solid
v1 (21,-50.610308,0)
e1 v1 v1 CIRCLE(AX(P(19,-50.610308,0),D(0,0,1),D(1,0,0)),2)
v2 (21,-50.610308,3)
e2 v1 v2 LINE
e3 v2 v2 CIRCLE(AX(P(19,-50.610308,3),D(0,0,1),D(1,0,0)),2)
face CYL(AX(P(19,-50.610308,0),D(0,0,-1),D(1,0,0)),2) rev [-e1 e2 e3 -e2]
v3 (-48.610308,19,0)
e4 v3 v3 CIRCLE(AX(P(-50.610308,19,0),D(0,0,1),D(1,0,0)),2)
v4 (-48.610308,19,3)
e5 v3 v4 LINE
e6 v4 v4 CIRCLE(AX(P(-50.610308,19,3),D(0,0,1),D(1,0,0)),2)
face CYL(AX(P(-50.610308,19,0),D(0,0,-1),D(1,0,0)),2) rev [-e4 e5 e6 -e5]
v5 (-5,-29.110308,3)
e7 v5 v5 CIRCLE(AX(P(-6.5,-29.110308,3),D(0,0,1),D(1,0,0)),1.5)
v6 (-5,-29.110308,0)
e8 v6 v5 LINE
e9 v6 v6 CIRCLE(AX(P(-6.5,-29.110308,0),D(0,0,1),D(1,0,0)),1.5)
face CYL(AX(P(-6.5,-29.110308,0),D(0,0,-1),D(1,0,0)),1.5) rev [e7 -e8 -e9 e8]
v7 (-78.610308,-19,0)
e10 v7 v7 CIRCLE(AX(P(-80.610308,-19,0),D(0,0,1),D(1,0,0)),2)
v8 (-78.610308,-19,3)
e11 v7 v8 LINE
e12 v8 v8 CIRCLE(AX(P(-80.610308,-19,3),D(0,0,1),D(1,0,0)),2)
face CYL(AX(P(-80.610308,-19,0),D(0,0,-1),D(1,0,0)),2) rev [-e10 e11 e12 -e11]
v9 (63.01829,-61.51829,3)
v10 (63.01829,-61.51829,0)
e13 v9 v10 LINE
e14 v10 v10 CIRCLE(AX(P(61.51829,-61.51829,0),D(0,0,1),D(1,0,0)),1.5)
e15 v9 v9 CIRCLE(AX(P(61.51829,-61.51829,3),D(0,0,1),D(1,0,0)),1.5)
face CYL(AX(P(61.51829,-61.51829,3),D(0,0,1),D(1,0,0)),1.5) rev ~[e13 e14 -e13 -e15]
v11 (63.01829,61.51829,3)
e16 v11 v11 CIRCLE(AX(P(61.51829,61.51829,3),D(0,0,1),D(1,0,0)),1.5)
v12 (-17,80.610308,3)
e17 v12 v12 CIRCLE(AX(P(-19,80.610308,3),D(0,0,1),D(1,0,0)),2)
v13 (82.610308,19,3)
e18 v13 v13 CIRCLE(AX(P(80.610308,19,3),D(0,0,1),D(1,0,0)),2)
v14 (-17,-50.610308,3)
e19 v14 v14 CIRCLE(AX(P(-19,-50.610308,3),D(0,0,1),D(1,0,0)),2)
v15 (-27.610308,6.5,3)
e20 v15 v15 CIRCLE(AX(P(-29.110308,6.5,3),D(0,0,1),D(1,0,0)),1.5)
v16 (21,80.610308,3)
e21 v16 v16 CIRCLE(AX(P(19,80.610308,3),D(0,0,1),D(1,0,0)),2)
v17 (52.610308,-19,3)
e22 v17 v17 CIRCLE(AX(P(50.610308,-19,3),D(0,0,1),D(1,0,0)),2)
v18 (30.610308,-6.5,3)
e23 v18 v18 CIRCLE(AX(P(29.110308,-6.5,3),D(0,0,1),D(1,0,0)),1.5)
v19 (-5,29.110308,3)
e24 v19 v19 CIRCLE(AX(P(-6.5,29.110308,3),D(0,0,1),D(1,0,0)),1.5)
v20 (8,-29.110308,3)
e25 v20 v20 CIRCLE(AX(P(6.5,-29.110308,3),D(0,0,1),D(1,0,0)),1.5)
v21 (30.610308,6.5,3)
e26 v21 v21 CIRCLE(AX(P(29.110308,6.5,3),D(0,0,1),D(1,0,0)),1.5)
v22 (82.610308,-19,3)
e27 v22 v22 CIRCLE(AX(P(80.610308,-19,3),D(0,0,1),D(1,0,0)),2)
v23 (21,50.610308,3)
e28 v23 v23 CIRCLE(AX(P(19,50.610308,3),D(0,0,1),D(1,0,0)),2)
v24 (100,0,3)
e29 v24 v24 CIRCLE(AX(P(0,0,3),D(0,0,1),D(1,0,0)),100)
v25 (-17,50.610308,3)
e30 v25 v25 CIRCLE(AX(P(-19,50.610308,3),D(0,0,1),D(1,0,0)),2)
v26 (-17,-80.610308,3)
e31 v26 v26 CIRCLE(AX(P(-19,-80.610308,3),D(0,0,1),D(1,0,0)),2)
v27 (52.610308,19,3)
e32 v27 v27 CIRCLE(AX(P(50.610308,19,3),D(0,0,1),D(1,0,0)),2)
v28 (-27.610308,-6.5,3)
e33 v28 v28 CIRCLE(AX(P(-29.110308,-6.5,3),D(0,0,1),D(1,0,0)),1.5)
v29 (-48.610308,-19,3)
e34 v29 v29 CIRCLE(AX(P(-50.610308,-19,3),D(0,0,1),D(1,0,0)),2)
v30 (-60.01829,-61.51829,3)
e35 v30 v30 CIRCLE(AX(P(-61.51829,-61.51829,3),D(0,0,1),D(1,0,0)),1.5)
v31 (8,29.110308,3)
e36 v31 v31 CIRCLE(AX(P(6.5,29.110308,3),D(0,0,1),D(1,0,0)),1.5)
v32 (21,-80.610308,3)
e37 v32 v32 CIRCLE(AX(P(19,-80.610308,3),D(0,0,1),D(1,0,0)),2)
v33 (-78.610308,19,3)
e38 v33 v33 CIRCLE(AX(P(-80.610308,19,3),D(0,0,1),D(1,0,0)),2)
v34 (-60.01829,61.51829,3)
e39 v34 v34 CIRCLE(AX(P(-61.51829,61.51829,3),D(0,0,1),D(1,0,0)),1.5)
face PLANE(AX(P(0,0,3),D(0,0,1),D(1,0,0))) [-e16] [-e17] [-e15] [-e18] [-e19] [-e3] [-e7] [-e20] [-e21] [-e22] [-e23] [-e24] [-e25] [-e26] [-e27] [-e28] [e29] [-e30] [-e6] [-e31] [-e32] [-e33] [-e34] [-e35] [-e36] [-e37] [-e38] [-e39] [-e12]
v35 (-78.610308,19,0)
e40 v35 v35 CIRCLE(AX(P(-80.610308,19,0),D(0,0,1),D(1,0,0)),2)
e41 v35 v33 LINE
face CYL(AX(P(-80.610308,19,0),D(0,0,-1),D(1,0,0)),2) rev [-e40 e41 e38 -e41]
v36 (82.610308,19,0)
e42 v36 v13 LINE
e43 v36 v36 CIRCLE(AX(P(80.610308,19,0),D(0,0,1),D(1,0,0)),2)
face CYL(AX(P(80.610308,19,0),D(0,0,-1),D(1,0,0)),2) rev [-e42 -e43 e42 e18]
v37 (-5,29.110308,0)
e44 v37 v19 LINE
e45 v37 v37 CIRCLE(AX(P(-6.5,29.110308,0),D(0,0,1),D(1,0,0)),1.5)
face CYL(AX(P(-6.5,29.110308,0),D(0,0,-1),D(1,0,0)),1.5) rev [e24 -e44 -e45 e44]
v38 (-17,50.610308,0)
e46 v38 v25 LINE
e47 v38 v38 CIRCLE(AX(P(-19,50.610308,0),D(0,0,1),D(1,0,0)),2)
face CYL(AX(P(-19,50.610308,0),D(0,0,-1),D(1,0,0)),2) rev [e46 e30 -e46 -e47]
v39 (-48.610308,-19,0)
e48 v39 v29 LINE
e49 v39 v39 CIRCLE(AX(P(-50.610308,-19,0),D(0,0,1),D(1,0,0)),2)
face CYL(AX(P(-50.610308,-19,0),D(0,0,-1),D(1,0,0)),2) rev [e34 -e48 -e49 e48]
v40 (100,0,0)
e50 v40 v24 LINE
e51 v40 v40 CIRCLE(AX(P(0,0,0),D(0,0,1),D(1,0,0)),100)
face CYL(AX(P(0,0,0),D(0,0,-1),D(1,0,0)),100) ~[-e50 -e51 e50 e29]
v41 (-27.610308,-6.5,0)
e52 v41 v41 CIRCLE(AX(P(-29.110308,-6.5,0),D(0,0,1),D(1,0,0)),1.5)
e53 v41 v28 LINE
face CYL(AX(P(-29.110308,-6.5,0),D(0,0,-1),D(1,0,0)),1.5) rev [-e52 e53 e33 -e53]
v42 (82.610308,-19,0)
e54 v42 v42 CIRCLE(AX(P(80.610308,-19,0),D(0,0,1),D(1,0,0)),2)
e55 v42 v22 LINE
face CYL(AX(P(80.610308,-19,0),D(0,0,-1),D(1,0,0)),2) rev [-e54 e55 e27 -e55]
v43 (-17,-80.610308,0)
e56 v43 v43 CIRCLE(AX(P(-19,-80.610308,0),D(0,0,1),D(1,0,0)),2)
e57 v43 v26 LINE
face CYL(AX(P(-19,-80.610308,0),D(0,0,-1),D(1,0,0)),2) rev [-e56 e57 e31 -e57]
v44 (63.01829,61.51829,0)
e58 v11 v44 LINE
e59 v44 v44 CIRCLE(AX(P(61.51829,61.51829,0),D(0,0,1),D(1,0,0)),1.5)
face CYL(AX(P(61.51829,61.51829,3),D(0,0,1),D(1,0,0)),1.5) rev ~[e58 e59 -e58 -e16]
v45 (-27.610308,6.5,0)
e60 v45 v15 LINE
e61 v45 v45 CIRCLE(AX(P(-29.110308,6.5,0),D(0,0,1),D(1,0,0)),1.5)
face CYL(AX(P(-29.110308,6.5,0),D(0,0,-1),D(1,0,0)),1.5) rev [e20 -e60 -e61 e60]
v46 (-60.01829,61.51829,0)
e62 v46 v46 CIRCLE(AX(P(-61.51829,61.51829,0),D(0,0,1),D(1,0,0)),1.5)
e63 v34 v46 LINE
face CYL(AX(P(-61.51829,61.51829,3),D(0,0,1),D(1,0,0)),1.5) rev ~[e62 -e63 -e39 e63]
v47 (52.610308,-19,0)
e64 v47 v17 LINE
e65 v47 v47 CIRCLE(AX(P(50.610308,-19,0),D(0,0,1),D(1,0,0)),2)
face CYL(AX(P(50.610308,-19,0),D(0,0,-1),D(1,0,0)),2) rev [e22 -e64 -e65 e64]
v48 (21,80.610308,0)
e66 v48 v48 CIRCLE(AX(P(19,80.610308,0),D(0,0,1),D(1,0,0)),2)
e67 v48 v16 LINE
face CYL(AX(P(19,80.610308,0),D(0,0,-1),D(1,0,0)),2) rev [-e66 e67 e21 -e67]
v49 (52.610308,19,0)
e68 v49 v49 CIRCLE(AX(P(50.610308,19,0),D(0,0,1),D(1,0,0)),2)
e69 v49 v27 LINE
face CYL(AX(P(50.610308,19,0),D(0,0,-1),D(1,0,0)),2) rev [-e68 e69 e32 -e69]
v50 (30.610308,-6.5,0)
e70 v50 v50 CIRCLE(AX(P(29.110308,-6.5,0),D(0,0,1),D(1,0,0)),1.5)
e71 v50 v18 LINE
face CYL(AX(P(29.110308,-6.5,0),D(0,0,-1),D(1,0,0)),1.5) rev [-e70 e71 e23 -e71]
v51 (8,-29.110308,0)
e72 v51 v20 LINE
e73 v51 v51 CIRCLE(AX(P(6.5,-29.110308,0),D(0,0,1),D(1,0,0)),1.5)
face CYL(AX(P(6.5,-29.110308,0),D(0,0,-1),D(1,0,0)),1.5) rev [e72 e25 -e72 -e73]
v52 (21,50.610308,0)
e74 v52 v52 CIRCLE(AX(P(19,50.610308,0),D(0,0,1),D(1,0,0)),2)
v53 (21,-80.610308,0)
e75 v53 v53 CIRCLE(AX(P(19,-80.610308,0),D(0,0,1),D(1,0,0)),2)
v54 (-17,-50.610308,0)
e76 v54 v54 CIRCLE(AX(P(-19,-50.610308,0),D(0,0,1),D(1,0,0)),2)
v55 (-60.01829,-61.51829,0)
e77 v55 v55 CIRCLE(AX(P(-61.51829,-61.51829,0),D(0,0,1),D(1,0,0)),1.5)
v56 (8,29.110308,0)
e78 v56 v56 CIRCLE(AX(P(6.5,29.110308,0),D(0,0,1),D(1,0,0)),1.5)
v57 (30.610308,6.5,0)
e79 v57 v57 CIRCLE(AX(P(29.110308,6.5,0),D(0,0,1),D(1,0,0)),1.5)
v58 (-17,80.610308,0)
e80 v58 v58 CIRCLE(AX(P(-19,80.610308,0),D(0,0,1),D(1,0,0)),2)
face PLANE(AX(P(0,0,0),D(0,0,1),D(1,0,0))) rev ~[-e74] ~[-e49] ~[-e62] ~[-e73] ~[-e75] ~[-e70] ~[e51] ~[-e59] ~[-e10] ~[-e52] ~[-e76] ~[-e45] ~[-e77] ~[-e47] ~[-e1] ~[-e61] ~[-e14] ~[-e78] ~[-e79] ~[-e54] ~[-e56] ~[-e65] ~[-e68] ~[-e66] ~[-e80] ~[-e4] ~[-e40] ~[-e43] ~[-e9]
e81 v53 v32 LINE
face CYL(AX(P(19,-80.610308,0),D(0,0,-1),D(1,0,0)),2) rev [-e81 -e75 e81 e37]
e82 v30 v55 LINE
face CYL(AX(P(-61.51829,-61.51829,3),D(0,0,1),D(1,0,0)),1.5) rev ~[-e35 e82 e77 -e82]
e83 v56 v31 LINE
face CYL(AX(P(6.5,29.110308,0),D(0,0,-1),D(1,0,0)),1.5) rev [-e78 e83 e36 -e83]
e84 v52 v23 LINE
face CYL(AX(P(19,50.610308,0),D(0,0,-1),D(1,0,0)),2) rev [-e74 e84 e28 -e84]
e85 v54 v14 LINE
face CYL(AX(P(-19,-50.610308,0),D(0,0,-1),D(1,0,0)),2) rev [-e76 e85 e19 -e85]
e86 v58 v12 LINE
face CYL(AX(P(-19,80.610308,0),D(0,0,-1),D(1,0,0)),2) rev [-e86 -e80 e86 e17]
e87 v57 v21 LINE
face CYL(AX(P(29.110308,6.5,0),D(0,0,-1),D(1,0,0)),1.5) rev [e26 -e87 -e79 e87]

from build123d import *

# Parameters (mm, degrees)
CROQUIS1_R              = 100
CROQUIS1_R_2            = 2
SALIENTE_EXTRUIR1_DEPTH = 3
CORTAR_EXTRUIR2_START   = -3
CROQUIS2_R              = 2
CROQUIS2_R_2            = 1.5
CORTAR_EXTRUIR2_DEPTH   = 3
CROQUIS4_R              = 1.5
CORTAR_EXTRUIR3_DEPTH   = 3


with BuildPart() as part:
    # Croquis1 → Saliente-Extruir1 (new body)
    with BuildSketch(Plane.XY):
        Circle(CROQUIS1_R)
        with Locations((-50.610307618, 19)):
            Circle(CROQUIS1_R_2, mode=Mode.SUBTRACT)
        with Locations((-50.610307618, -19)):
            Circle(CROQUIS1_R_2, mode=Mode.SUBTRACT)
        with Locations((-80.610307618, 19)):
            Circle(CROQUIS1_R_2, mode=Mode.SUBTRACT)
        with Locations((-80.610307618, -19)):
            Circle(CROQUIS1_R_2, mode=Mode.SUBTRACT)
        with Locations((-19, -50.610307618)):
            Circle(CROQUIS1_R_2, mode=Mode.SUBTRACT)
        with Locations((19, -50.610307618)):
            Circle(CROQUIS1_R_2, mode=Mode.SUBTRACT)
        with Locations((-19, -80.610307618)):
            Circle(CROQUIS1_R_2, mode=Mode.SUBTRACT)
        with Locations((19, -80.610307618)):
            Circle(CROQUIS1_R_2, mode=Mode.SUBTRACT)
        with Locations((50.610307618, -19)):
            Circle(CROQUIS1_R_2, mode=Mode.SUBTRACT)
        with Locations((50.610307618, 19)):
            Circle(CROQUIS1_R_2, mode=Mode.SUBTRACT)
        with Locations((80.610307618, -19)):
            Circle(CROQUIS1_R_2, mode=Mode.SUBTRACT)
        with Locations((80.610307618, 19)):
            Circle(CROQUIS1_R_2, mode=Mode.SUBTRACT)
        with Locations((19, 50.610307618)):
            Circle(CROQUIS1_R_2, mode=Mode.SUBTRACT)
        with Locations((-19, 50.610307618)):
            Circle(CROQUIS1_R_2, mode=Mode.SUBTRACT)
        with Locations((19, 80.610307618)):
            Circle(CROQUIS1_R_2, mode=Mode.SUBTRACT)
        with Locations((-19, 80.610307618)):
            Circle(CROQUIS1_R_2, mode=Mode.SUBTRACT)
    extrude(amount=SALIENTE_EXTRUIR1_DEPTH)

    # Croquis2 → Cortar-Extruir2 (cut)
    with BuildSketch(Plane.XY.offset(3).offset(CORTAR_EXTRUIR2_START)):
        with Locations((19, 80.610307618)):
            Circle(CROQUIS2_R)
        with Locations((19, 50.610307618)):
            Circle(CROQUIS2_R)
        with Locations((-19, 50.610307618)):
            Circle(CROQUIS2_R)
        with Locations((-19, 80.610307618)):
            Circle(CROQUIS2_R)
        with Locations((-6.5, 29.110307618)):
            Circle(CROQUIS2_R_2)
        with Locations((6.5, 29.110307618)):
            Circle(CROQUIS2_R_2)
        with Locations((29.110307618, 6.5)):
            Circle(CROQUIS2_R_2)
        with Locations((29.110307618, -6.5)):
            Circle(CROQUIS2_R_2)
        with Locations((6.5, -29.110307618)):
            Circle(CROQUIS2_R_2)
        with Locations((-6.5, -29.110307618)):
            Circle(CROQUIS2_R_2)
        with Locations((-29.110307618, -6.5)):
            Circle(CROQUIS2_R_2)
        with Locations((-29.110307618, 6.5)):
            Circle(CROQUIS2_R_2)
    extrude(amount=CORTAR_EXTRUIR2_DEPTH, mode=Mode.SUBTRACT)

    # Croquis4 → Cortar-Extruir3 (cut)
    with BuildSketch(Plane.XY.offset(3)):
        with Locations((-61.518289963, 61.518289963)):
            Circle(CROQUIS4_R)
        with Locations((61.518289963, 61.518289963)):
            Circle(CROQUIS4_R)
        with Locations((61.518289963, -61.518289963)):
            Circle(CROQUIS4_R)
        with Locations((-61.518289963, -61.518289963)):
            Circle(CROQUIS4_R)
    extrude(amount=-CORTAR_EXTRUIR3_DEPTH, mode=Mode.SUBTRACT)


solid = part.part
